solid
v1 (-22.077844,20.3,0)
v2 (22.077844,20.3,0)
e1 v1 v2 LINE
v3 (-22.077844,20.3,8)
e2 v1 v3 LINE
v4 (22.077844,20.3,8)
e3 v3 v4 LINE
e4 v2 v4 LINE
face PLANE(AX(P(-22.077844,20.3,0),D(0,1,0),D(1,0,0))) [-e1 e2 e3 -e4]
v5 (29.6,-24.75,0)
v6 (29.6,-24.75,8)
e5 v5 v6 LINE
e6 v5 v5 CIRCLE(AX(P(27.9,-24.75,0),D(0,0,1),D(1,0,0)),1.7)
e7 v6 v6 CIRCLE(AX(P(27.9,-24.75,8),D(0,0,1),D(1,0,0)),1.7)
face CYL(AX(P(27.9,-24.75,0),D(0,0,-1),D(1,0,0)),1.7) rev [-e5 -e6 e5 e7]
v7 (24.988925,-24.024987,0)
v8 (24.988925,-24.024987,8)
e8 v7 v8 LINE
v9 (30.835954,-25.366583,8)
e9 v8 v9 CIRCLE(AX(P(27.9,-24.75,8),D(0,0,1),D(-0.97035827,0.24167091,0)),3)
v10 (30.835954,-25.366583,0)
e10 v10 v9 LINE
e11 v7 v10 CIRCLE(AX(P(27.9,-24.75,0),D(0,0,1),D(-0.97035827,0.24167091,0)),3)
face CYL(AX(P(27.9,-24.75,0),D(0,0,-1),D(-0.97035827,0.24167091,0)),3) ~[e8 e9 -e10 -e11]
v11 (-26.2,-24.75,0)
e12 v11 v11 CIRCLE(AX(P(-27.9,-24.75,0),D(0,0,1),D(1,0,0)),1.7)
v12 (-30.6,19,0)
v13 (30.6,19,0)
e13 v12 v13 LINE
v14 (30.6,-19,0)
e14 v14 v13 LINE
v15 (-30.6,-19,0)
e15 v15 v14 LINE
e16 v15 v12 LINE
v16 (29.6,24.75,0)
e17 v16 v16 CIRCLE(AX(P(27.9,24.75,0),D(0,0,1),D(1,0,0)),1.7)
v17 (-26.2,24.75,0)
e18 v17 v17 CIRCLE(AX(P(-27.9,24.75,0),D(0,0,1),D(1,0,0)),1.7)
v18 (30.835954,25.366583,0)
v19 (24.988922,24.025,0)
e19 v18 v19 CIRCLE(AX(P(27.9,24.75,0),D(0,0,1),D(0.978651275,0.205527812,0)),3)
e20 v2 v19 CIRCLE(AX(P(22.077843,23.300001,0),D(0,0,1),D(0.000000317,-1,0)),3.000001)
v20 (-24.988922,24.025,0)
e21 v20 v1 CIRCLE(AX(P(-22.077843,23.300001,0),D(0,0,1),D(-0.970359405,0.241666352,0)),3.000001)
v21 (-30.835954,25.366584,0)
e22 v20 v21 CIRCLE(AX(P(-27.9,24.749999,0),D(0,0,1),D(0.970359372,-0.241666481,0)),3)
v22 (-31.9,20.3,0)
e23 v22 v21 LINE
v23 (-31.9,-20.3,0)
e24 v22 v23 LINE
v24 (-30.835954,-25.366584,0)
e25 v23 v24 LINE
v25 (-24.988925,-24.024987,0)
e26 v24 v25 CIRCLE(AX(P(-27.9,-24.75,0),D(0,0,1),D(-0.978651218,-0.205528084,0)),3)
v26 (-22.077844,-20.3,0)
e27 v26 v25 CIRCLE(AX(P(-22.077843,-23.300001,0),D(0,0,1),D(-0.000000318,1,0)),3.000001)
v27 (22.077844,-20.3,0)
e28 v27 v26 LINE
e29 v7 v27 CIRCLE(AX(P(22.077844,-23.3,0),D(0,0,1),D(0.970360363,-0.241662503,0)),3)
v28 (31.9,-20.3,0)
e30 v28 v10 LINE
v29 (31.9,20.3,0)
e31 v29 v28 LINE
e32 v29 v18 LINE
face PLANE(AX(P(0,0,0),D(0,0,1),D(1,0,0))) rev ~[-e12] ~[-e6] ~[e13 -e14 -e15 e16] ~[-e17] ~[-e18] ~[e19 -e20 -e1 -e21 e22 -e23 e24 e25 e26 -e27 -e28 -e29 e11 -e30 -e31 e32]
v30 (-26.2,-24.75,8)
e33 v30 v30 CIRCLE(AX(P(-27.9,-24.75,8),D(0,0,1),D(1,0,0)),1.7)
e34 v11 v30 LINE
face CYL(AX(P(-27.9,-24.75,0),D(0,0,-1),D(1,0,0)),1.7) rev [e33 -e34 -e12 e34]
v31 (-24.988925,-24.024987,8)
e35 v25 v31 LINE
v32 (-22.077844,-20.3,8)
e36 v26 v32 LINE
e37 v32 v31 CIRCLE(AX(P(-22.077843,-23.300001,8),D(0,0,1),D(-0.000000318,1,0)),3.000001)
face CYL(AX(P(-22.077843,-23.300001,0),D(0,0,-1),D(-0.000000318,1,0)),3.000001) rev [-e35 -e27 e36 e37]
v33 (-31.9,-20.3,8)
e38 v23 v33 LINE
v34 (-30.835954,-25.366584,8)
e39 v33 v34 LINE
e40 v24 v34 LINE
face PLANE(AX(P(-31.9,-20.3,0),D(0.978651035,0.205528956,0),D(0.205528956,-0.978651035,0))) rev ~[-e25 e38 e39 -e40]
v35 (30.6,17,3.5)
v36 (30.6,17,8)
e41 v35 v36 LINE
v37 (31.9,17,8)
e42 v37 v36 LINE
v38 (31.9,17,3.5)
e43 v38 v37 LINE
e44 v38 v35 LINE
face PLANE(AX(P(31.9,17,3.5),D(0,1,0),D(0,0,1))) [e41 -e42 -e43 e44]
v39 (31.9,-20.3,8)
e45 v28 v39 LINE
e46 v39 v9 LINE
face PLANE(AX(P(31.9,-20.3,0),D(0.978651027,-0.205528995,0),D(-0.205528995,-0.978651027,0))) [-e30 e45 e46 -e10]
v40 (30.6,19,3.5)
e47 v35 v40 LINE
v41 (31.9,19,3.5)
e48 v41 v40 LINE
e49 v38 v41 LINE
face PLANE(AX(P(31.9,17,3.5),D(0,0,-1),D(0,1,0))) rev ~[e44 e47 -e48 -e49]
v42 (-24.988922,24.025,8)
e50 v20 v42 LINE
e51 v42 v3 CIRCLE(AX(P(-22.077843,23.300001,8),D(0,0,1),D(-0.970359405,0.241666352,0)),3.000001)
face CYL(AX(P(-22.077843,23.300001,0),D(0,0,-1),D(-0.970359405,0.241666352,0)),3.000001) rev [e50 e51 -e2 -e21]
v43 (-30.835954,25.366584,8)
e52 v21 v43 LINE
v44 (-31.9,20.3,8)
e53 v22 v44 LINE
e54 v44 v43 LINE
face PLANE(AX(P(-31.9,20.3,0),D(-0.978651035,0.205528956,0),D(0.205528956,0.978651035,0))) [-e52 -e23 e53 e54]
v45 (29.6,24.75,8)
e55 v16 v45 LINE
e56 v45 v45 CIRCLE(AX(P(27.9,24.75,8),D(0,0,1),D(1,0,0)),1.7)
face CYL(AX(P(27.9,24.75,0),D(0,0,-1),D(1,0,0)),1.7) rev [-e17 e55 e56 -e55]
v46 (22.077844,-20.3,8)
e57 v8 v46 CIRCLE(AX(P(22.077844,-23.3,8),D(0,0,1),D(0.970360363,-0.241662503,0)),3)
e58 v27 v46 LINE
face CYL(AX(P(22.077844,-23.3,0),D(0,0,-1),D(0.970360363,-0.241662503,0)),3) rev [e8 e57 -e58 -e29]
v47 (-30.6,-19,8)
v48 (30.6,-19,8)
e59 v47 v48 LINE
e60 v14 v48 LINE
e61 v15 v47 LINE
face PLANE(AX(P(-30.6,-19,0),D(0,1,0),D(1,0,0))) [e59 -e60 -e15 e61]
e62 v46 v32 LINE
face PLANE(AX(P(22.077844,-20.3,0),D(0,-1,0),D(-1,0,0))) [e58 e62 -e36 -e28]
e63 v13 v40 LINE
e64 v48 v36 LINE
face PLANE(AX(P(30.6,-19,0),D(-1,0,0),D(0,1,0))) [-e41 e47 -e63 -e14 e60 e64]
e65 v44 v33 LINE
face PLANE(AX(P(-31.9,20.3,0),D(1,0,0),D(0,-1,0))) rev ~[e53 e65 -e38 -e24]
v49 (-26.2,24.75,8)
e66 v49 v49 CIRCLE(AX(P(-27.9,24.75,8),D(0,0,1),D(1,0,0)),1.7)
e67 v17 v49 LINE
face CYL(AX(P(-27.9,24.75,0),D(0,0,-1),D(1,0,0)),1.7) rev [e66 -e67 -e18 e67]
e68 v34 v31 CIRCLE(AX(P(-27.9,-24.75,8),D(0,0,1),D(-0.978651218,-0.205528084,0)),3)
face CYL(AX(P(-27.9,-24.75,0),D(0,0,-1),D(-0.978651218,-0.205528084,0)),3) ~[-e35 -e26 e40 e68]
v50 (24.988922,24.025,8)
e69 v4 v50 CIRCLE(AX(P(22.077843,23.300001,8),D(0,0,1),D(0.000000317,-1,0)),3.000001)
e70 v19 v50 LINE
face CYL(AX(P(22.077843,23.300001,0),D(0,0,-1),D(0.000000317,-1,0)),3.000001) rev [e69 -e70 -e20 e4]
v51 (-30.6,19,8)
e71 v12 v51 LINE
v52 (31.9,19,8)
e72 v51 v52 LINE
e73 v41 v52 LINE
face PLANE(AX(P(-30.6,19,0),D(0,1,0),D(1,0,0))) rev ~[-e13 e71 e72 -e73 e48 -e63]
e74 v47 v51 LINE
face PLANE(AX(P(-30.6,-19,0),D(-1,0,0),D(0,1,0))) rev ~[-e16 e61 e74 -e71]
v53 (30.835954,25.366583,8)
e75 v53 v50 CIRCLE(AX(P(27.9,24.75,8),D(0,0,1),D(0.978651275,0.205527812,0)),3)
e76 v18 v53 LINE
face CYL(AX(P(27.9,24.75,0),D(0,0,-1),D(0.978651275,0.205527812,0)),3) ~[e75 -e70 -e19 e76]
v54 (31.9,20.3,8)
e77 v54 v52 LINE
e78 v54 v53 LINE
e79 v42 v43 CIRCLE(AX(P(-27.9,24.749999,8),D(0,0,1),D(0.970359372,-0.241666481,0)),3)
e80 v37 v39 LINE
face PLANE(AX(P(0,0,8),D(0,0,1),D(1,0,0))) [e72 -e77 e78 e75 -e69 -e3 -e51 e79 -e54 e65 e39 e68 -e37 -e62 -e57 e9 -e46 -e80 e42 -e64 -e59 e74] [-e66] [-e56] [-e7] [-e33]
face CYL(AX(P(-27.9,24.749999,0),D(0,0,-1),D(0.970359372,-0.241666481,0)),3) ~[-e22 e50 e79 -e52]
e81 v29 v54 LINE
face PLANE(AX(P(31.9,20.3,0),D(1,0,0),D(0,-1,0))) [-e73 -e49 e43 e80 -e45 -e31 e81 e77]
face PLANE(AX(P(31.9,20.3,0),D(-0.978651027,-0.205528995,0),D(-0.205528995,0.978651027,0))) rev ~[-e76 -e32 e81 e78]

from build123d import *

# Parameters (mm, degrees)
SKETCH_R     = 1.7
SKETCH_W     = 61.2
SKETCH_H     = 38
PAD_DEPTH    = 8
SKETCH001_W  = 2
SKETCH001_H  = 4.5
POCKET_DEPTH = 1.3


with BuildPart() as part:
    # Sketch → Pad (new body)
    with BuildSketch(Plane.XY):
        with BuildLine():
            Line((-31.9, 20.3), (-31.9, -20.3))
            Line((-31.9, -20.3), (-30.835954, -25.366584))
            ThreePointArc((-30.835954, -25.366584), (-27.229087, -27.674017), (-24.988925, -24.024987))
            ThreePointArc((-22.077844, -20.3), (-24.441629, -21.4527), (-24.988925, -24.024987))
            Line((22.077844, -20.3), (-22.077844, -20.3))
            ThreePointArc((24.988925, -24.024987), (24.441629, -21.452699), (22.077844, -20.3))
            ThreePointArc((24.988925, -24.024987), (27.229087, -27.674017), (30.835954, -25.366583))
            Line((31.9, -20.3), (30.835954, -25.366583))
            Line((31.9, 20.3), (31.9, -20.3))
            Line((31.9, 20.3), (30.835954, 25.366583))
            ThreePointArc((30.835954, 25.366583), (27.229093, 27.674018), (24.988922, 24.025))
            ThreePointArc((22.077844, 20.3), (24.441633, 21.452705), (24.988922, 24.025))
            Line((-22.077844, 20.3), (22.077844, 20.3))
            ThreePointArc((-24.988922, 24.025), (-24.441633, 21.452705), (-22.077844, 20.3))
            ThreePointArc((-24.988922, 24.025), (-27.229093, 27.674018), (-30.835954, 25.366584))
            Line((-31.9, 20.3), (-30.835954, 25.366584))
        make_face()
        with Locations((-27.9, -24.75)):
            Circle(SKETCH_R, mode=Mode.SUBTRACT)
        with Locations((27.9, -24.75)):
            Circle(SKETCH_R, mode=Mode.SUBTRACT)
        with Locations((27.9, 24.75)):
            Circle(SKETCH_R, mode=Mode.SUBTRACT)
        with Locations((-27.9, 24.75)):
            Circle(SKETCH_R, mode=Mode.SUBTRACT)
        Rectangle(SKETCH_W, SKETCH_H, mode=Mode.SUBTRACT)
    extrude(amount=PAD_DEPTH)

    # Sketch001 → Pocket (cut)
    with BuildSketch(Plane.YZ.offset(31.9)):
        with Locations((18, 5.75)):
            Rectangle(SKETCH001_W, SKETCH001_H)
    extrude(amount=-POCKET_DEPTH, mode=Mode.SUBTRACT)


solid = part.part
